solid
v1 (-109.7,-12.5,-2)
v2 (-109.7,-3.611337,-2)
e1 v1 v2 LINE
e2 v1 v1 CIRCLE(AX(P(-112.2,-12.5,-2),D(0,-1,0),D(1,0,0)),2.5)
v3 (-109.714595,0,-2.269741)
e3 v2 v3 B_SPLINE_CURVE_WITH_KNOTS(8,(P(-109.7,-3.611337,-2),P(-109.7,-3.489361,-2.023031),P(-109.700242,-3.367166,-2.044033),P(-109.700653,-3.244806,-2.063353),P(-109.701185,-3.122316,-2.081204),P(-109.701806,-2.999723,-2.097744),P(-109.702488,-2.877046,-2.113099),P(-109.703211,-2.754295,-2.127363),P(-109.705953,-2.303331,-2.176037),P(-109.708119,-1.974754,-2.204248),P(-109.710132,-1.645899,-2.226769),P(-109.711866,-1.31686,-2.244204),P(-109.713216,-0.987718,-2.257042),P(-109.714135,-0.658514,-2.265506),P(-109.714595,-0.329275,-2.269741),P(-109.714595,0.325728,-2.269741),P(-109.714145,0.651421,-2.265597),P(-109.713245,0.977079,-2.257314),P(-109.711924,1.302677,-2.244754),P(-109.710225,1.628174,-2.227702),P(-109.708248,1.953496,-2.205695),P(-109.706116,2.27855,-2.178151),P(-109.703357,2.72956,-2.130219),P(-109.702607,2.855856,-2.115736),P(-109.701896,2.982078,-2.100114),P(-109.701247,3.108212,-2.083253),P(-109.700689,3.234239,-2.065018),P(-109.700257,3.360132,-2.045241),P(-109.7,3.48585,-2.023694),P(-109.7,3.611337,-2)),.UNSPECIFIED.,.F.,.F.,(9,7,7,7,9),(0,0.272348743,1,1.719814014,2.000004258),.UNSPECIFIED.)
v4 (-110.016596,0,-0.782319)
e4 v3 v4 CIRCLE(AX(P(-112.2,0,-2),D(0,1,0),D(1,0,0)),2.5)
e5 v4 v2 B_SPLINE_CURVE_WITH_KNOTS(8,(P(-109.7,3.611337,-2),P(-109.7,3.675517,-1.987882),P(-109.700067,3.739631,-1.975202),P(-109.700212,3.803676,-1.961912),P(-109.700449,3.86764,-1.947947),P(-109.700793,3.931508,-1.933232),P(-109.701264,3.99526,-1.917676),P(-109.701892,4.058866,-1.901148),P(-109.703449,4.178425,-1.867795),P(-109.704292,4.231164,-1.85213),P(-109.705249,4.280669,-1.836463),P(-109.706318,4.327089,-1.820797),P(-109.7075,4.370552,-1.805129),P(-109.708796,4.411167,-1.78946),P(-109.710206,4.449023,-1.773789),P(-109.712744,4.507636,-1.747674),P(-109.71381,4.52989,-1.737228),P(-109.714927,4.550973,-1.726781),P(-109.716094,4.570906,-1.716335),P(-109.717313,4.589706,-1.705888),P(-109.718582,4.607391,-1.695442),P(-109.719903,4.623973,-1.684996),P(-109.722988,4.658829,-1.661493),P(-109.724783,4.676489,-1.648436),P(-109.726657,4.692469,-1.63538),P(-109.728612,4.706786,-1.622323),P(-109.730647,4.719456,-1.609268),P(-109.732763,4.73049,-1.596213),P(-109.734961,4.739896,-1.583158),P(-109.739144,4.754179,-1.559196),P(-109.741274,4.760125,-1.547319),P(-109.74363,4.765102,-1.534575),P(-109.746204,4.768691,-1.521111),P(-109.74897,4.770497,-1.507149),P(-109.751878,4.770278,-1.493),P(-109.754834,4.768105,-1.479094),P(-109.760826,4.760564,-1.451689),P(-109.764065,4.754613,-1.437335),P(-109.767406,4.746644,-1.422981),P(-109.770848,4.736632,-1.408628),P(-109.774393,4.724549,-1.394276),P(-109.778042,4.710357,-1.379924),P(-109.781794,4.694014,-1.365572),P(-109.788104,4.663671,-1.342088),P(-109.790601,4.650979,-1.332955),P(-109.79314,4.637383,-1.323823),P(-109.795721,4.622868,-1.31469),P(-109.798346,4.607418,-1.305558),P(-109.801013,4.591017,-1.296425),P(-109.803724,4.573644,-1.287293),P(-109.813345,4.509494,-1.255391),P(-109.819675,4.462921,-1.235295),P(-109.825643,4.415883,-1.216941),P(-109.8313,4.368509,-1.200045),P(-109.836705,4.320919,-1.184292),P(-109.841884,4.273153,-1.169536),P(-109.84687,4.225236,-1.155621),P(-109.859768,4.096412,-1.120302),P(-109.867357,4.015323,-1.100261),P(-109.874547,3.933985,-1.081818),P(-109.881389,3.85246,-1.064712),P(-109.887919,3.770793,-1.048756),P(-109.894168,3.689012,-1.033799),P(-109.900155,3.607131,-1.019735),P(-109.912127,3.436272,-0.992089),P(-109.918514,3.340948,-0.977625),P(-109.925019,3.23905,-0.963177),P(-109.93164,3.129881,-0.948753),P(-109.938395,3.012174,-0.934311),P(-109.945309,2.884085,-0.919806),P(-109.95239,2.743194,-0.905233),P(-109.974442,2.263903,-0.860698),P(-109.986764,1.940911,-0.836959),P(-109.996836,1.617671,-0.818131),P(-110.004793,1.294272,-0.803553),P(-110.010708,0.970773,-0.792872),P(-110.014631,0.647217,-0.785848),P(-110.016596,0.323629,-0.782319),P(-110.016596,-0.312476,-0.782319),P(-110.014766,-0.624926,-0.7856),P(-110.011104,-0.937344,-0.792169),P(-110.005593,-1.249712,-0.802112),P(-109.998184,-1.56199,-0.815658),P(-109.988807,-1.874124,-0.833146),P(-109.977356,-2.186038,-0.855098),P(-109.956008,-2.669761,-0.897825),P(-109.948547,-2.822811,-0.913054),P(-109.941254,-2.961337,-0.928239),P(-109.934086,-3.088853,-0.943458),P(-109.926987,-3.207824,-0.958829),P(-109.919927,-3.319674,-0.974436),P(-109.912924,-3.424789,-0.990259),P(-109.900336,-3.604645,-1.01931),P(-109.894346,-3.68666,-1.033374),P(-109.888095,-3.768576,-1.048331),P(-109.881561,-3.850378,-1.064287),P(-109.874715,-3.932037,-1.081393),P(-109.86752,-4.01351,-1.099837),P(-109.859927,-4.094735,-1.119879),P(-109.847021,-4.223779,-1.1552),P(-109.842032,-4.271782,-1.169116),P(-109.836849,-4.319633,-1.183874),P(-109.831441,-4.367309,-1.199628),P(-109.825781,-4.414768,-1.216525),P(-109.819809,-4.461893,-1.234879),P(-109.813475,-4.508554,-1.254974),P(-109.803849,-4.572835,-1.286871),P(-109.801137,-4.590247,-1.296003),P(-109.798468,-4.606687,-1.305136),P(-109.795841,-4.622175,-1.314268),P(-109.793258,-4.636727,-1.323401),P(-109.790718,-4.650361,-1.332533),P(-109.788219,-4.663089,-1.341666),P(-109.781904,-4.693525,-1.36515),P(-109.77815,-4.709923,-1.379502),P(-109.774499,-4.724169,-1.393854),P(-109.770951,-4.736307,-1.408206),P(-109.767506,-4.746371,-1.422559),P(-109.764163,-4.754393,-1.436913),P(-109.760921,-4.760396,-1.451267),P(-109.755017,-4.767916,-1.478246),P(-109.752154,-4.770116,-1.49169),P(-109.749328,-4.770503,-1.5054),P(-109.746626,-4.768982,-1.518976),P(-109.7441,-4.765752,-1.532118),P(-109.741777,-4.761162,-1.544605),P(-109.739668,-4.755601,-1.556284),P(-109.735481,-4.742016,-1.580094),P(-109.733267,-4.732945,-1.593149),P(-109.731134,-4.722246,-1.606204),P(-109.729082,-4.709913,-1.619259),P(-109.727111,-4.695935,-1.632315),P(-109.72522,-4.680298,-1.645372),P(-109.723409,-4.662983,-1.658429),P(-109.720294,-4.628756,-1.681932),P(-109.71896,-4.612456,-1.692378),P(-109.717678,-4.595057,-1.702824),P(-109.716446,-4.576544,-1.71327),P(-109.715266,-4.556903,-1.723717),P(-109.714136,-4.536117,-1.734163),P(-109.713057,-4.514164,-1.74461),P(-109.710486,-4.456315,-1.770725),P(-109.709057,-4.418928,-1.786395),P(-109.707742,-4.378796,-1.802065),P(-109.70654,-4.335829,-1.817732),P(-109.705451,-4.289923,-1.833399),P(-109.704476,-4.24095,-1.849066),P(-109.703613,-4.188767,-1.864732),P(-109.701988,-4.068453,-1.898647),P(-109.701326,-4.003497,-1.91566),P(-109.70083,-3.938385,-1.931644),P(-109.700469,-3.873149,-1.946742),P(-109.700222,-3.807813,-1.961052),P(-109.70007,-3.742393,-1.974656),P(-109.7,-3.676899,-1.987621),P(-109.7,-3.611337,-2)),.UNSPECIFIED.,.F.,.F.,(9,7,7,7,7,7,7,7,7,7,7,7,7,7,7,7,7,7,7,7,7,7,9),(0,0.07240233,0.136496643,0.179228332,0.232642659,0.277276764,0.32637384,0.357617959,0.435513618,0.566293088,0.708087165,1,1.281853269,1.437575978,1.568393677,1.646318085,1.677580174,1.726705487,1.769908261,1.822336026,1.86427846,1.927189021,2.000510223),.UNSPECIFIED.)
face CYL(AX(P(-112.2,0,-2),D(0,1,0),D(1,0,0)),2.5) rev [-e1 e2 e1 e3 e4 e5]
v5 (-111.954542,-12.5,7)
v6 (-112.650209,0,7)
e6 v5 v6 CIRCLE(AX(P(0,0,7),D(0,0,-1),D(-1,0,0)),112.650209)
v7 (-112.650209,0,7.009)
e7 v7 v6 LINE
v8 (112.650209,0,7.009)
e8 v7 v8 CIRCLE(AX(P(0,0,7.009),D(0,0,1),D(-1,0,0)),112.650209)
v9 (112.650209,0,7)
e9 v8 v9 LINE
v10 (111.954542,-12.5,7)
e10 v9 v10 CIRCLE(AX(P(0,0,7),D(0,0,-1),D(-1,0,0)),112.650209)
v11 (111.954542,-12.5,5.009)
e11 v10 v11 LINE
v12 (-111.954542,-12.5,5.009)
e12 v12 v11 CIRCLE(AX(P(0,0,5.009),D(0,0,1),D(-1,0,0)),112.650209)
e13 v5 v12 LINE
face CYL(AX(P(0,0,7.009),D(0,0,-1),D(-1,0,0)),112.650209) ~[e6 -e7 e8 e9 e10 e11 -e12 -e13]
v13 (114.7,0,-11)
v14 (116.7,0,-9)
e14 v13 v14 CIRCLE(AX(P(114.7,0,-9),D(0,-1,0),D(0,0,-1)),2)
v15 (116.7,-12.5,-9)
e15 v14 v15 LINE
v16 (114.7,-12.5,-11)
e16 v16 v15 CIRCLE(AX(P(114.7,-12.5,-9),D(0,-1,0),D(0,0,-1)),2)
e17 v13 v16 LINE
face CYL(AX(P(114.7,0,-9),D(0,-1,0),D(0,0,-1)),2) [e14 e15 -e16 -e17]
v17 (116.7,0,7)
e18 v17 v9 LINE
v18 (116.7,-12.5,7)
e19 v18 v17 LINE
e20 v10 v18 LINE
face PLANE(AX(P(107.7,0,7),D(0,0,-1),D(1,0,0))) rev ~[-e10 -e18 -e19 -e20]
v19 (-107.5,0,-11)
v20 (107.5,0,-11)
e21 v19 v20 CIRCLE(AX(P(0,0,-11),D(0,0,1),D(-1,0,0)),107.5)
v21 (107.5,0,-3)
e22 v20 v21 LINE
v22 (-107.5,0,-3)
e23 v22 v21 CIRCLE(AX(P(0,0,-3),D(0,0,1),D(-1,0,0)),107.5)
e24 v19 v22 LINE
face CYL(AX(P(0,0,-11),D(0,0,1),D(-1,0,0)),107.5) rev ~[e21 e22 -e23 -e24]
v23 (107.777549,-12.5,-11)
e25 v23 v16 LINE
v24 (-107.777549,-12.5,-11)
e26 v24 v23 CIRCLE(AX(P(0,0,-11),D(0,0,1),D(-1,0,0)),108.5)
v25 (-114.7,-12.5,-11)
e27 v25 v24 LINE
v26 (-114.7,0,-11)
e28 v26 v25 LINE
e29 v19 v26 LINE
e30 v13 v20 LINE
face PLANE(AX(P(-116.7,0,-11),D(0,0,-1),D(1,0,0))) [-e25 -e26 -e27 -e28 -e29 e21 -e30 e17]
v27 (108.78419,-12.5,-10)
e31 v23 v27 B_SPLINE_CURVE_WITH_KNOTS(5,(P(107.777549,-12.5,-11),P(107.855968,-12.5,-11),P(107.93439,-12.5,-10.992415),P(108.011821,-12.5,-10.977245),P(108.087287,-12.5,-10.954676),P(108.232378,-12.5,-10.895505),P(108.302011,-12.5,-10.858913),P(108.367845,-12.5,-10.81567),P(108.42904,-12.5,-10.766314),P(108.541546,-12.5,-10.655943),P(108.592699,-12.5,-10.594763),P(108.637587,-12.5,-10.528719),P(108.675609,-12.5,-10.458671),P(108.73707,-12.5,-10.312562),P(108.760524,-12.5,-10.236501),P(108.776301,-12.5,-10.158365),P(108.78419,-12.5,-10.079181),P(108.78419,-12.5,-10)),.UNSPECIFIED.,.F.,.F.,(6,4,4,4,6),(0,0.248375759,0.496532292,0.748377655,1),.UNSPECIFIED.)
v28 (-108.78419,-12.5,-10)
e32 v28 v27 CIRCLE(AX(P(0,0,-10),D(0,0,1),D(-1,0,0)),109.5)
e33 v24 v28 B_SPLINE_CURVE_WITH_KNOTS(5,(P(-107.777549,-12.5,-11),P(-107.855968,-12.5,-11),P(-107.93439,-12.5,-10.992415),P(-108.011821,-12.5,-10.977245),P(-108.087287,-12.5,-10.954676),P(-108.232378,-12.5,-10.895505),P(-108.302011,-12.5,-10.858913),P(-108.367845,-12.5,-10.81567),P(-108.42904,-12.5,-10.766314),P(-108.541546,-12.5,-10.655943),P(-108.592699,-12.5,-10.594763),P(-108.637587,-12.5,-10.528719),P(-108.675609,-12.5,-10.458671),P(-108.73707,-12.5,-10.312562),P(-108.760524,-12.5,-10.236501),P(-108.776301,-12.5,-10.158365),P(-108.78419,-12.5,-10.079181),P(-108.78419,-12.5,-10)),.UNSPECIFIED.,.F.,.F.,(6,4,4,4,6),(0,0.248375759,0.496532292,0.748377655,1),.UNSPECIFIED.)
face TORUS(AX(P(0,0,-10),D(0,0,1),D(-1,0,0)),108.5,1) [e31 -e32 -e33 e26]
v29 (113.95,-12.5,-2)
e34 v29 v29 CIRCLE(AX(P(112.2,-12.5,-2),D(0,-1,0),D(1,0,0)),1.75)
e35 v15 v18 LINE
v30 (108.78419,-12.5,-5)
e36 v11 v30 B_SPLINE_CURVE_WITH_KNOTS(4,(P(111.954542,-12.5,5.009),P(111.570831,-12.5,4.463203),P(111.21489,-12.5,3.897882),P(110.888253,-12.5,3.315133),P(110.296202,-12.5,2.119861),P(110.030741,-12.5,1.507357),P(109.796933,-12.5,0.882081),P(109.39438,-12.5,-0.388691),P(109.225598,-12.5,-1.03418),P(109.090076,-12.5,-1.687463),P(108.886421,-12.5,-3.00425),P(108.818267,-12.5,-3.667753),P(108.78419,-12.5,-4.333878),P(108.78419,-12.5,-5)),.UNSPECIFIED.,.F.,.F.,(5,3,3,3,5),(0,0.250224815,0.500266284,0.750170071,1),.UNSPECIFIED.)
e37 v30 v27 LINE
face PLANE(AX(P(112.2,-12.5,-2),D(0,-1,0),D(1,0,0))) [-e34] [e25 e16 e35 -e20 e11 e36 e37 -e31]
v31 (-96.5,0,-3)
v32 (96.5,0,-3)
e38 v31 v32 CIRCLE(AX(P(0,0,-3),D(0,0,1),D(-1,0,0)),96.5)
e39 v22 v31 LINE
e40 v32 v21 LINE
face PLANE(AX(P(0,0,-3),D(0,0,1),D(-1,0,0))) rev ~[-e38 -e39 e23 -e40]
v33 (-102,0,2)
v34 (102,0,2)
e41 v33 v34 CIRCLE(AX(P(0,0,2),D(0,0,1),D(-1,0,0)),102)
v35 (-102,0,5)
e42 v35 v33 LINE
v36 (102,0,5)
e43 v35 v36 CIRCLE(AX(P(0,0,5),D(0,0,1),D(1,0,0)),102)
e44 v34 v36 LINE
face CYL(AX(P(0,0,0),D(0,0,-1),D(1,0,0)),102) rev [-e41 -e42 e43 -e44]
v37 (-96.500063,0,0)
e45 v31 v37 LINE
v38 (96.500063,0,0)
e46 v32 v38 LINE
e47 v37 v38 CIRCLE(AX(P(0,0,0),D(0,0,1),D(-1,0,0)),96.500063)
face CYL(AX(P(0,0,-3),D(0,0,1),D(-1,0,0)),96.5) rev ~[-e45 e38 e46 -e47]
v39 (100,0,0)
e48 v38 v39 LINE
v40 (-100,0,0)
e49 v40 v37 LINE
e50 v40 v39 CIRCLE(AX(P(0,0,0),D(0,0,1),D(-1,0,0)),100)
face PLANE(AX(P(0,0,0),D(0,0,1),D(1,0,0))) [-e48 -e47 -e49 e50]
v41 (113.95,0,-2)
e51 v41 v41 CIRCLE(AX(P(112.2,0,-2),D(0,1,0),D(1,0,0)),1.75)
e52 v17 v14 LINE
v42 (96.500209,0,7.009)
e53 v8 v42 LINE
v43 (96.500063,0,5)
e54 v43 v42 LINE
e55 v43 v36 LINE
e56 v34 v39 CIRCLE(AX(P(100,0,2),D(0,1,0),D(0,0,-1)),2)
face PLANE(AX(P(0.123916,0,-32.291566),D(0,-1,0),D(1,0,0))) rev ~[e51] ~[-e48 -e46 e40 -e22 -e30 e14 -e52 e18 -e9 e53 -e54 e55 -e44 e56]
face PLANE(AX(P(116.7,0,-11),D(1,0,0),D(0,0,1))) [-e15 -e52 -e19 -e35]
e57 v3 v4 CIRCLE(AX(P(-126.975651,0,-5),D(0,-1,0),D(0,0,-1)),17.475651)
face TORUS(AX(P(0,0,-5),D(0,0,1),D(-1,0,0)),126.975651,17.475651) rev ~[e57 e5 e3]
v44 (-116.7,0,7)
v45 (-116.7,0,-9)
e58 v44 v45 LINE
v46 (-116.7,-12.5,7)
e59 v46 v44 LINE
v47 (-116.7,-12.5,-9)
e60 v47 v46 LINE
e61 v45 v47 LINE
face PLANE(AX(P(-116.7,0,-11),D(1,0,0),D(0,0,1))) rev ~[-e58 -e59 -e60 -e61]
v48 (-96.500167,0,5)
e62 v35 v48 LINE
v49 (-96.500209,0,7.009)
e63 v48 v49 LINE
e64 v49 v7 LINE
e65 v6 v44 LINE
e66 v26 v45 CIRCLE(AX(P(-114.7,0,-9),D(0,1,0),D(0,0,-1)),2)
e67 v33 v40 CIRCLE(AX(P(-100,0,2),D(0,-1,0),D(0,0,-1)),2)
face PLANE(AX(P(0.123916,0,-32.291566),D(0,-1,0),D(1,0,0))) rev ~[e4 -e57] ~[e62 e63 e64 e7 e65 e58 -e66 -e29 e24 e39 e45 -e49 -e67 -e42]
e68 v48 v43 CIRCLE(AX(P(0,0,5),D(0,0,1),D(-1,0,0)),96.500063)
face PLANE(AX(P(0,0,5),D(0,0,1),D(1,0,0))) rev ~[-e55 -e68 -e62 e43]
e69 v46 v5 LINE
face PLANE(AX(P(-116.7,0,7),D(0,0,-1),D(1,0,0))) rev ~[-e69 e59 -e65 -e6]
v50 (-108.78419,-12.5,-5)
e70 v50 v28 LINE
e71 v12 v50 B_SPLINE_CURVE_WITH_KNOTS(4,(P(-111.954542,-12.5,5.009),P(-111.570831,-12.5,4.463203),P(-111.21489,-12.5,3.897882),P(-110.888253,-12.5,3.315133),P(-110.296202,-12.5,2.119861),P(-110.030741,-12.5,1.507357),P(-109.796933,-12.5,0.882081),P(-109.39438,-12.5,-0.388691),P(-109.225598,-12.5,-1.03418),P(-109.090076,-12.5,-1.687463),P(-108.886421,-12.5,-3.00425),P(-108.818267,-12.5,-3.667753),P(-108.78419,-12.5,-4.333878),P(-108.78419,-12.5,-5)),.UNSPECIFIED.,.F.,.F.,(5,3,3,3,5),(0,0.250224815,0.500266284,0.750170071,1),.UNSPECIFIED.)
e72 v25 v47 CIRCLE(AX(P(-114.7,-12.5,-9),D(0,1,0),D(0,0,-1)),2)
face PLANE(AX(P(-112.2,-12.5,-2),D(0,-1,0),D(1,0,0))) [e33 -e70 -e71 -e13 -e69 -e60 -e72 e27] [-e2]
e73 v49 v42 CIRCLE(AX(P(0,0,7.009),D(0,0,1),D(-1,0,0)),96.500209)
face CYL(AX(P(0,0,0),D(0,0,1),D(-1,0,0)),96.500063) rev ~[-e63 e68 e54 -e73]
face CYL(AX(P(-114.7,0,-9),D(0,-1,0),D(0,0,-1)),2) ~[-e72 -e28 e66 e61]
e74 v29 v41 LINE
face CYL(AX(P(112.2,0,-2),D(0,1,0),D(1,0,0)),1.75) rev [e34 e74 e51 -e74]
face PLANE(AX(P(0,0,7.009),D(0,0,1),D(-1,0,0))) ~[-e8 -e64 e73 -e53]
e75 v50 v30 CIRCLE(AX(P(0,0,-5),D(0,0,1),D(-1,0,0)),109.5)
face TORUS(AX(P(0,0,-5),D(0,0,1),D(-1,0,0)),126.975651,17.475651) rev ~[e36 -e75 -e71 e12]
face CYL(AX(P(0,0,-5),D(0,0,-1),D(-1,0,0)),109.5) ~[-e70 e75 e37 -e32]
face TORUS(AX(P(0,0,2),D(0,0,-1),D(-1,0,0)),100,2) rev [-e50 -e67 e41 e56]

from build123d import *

# Parameters (mm, degrees)
F2_R      = 102
F3_DEPTH  = 5
F4_R      = 1
F5_W      = 9
F5_H      = 18
F5_R      = 2.5
F7_DEPTH  = 12.5
F6_W      = 9
F6_H      = 18
F6_R      = 1.75
F8_DEPTH  = 12.5
F9_W      = 250
F9_H      = 100
F10_DEPTH = 150
F11_R     = 2
F12_R     = 2


with BuildPart() as f1:
    # F0 (on Front) → F1 (revolve)
    with BuildSketch(Plane.XZ):
        with BuildLine():
            Line((-107.5, -3), (-96.5, -3))
            Line((-96.5, -3), (-96.5000625723, 0))
            Line((-96.5000625723, 0), (-96.5002087619, 7.009))
            Line((-96.5002087619, 7.009), (-112.6502087619, 7.009))
            Line((-112.6502087619, 7.009), (-112.6502087619, 5.009))
            ThreePointArc((-112.6502087619, 5.009), (-110.3061458059, 0.2465201859), (-109.5, -5))
            Line((-109.5, -5), (-109.5, -11))
            Line((-109.5, -11), (-107.5, -11))
            Line((-107.5, -11), (-107.5, -3))
        make_face()
    revolve(axis=Axis((0, 0, -0.2650997043), (0, 0, 1)))

    # F2 (on Top) → F3 (cut)
    with BuildSketch(Plane.XY):
        Circle(F2_R)
    extrude(amount=F3_DEPTH, mode=Mode.SUBTRACT)

    # F4
    f4_edges = [f1.edges().sort_by_distance(p)[0] for p in [
        (109.5, 0, -11),
    ]]
    fillet(f4_edges, radius=F4_R)

    # F5 (on Front) → F7 (join, symmetric)
    with BuildSketch(Plane.XZ):
        with Locations((-112.2, -2)):
            Rectangle(F5_W, F5_H)
        with Locations((-112.2, -2)):
            Circle(F5_R, mode=Mode.SUBTRACT)
    extrude(amount=F7_DEPTH, both=True)

    # F6 (on Front) → F8 (join, symmetric)
    with BuildSketch(Plane.XZ):
        with Locations((112.2, -2)):
            Rectangle(F6_W, F6_H)
        with Locations((112.2, -2)):
            Circle(F6_R, mode=Mode.SUBTRACT)
    extrude(amount=F8_DEPTH, both=True)

    # F9 (on Front) → F10 (cut)
    with BuildSketch(Plane.XZ):
        with Locations((0.1239156971, -32.2915658355)):
            Rectangle(F9_W, F9_H)
    extrude(amount=-F10_DEPTH, mode=Mode.SUBTRACT)

    # F11
    f11_edges = [f1.edges().sort_by_distance(p)[0] for p in [
        (0, -102, 0),
    ]]
    fillet(f11_edges, radius=F11_R)

    # F12
    f12_edges = [f1.edges().sort_by_distance(p)[0] for p in [
        (116.7, -6.25, -11),
        (-116.7, -6.25, -11),
    ]]
    fillet(f12_edges, radius=F12_R)


solid = f1.part
